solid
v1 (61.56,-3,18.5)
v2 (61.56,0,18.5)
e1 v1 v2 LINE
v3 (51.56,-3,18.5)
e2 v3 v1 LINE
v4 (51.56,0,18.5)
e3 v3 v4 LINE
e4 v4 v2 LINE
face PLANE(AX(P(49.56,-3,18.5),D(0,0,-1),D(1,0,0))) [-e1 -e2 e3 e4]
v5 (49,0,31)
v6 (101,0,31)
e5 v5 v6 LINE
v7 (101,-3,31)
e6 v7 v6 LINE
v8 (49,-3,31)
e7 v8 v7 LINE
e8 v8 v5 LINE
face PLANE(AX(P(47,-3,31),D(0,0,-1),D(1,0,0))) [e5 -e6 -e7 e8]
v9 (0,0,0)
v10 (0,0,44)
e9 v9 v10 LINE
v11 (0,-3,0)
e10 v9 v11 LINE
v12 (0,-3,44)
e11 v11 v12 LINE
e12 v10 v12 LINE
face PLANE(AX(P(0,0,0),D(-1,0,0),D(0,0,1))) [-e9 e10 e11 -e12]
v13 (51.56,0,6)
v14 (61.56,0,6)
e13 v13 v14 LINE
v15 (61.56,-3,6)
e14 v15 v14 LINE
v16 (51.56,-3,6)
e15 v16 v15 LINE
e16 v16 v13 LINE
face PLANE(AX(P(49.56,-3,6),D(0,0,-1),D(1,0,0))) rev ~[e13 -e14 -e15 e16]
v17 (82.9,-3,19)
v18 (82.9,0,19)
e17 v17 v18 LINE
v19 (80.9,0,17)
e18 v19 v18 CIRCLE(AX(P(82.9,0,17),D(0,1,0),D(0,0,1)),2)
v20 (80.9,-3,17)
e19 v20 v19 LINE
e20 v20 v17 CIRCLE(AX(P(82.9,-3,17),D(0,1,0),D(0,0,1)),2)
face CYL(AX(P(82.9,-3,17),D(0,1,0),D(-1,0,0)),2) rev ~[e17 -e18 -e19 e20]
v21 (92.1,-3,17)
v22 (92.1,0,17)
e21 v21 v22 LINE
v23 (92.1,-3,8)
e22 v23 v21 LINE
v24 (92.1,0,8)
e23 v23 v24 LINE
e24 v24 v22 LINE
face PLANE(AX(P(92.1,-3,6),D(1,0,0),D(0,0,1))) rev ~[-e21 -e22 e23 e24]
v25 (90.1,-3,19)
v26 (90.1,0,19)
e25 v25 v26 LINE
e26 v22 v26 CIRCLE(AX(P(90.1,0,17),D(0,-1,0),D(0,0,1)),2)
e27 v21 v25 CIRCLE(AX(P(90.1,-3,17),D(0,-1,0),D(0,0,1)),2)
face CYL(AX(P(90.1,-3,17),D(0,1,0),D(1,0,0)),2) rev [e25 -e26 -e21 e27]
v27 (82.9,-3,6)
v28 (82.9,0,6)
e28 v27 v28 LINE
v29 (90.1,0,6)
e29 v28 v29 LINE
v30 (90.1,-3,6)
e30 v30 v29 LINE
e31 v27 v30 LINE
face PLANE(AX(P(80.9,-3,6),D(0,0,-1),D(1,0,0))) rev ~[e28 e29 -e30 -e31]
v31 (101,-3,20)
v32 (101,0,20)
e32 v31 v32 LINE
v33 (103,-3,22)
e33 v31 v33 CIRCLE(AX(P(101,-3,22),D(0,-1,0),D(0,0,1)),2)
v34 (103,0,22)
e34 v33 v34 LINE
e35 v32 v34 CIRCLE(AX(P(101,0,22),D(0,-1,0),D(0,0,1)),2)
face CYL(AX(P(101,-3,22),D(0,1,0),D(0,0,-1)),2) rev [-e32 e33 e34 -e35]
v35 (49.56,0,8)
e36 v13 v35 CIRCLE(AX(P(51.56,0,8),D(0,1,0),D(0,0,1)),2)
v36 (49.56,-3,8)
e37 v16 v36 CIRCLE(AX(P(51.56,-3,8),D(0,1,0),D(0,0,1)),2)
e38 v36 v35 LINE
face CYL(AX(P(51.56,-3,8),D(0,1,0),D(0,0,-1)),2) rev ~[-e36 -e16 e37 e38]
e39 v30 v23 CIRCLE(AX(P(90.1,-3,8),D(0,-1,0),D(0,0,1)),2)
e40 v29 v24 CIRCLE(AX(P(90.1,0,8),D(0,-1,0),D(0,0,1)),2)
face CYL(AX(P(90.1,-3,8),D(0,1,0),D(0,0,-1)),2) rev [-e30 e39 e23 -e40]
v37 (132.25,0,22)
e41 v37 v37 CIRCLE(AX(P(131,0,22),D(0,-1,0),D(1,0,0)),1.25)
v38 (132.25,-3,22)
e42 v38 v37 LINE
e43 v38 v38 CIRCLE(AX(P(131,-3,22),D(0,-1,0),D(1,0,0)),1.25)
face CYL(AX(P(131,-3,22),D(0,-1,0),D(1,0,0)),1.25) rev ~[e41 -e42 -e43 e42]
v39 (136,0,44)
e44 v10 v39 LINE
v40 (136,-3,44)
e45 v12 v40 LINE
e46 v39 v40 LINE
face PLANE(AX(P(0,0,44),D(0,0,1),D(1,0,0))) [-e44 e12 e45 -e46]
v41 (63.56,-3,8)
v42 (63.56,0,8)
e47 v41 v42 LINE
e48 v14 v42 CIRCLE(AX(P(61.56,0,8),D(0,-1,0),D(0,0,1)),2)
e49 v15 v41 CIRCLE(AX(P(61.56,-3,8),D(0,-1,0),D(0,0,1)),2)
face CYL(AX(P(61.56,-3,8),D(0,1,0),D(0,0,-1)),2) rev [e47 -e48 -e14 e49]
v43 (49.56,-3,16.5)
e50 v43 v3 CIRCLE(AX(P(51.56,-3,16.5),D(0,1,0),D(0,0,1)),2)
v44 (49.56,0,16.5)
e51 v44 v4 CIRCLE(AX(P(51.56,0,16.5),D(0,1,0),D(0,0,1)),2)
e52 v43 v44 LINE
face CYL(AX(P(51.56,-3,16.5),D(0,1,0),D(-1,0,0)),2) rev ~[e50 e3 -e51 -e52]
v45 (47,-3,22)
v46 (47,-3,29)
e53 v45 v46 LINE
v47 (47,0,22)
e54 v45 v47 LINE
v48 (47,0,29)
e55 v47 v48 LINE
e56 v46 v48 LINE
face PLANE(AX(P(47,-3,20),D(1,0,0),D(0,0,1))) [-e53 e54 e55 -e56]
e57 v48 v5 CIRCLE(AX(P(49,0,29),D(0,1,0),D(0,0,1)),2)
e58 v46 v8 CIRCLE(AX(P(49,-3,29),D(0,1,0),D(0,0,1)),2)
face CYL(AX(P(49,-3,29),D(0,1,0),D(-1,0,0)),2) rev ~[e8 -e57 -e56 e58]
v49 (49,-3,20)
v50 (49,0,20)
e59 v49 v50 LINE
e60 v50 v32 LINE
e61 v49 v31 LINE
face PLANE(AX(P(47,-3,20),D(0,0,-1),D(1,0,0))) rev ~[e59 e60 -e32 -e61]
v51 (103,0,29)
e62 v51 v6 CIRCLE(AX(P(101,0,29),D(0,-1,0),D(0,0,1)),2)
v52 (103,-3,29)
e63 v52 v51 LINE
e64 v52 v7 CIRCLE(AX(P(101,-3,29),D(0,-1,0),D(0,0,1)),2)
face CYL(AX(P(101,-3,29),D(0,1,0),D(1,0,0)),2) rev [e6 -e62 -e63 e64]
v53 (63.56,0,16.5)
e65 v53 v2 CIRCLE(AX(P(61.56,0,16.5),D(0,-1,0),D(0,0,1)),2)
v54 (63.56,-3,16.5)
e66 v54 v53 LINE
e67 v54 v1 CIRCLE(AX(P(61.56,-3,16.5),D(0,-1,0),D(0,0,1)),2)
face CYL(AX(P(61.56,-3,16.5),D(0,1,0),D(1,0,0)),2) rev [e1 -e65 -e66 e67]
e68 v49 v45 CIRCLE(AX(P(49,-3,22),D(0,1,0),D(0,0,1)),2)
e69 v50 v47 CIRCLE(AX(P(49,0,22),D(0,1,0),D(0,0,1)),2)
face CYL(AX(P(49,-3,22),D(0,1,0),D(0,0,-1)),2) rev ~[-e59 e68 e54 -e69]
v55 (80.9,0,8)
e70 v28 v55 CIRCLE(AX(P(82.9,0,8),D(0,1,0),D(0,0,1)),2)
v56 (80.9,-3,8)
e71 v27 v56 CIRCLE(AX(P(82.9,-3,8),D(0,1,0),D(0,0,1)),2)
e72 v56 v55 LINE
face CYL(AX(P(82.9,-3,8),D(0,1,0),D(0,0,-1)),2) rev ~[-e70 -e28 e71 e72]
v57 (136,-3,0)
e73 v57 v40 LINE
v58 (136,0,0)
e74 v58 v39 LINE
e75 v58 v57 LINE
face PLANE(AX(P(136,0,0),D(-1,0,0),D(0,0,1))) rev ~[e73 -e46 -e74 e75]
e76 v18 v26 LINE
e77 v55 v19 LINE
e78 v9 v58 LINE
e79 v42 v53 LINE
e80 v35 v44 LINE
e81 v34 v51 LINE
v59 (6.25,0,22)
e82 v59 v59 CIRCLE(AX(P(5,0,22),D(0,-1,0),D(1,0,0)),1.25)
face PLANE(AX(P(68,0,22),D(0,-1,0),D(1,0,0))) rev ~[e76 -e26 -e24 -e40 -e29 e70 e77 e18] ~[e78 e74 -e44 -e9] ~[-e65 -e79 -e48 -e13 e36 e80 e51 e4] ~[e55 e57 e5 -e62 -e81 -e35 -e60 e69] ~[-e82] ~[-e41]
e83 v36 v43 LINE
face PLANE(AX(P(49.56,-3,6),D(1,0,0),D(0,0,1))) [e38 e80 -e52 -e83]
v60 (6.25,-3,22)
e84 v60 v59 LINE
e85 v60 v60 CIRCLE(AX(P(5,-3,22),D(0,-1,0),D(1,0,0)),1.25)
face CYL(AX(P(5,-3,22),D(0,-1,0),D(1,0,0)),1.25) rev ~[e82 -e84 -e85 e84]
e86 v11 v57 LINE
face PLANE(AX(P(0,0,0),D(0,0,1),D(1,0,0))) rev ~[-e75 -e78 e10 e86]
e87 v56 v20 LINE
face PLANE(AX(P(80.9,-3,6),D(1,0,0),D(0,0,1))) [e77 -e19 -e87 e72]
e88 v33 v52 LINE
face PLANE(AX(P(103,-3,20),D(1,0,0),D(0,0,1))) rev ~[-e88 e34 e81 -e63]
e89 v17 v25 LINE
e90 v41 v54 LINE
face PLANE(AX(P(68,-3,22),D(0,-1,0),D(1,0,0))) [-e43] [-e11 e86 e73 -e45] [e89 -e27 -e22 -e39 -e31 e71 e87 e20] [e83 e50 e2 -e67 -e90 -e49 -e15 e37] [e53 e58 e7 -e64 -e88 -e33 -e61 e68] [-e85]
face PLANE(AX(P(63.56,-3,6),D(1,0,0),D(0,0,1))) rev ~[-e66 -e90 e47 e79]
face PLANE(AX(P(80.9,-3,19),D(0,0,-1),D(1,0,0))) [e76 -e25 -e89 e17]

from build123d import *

# Parameters (mm, degrees)
SKETCH_W        = 136
SKETCH_H        = 44
PAD_DEPTH       = 3
SKETCH001_W     = 14
SKETCH001_H     = 12.5
SKETCH001_W_2   = 56
SKETCH001_H_2   = 11
SKETCH001_W_3   = 11.2
SKETCH001_H_3   = 13
POCKET_DEPTH    = 3.001
SKETCH002_R     = 1.25
POCKET001_DEPTH = 3.001
FILLET_R        = 2


with BuildPart() as part:
    # Sketch → Pad (new body)
    with BuildSketch(Plane.XZ):
        with Locations((68, 22)):
            Rectangle(SKETCH_W, SKETCH_H)
    extrude(amount=PAD_DEPTH)

    # Sketch001 (on Face6 of Pad) → Pocket (cut, through all)
    with BuildSketch(Plane.XZ.offset(3)):
        with Locations((56.56, 12.25)):
            Rectangle(SKETCH001_W, SKETCH001_H)
        with Locations((75, 25.5)):
            Rectangle(SKETCH001_W_2, SKETCH001_H_2)
        with Locations((86.5, 12.5)):
            Rectangle(SKETCH001_W_3, SKETCH001_H_3)
    extrude(amount=-POCKET_DEPTH, mode=Mode.SUBTRACT)

    # Sketch002 (on Face5 of Pocket) → Pocket001 (cut, through all)
    with BuildSketch(Plane.XZ.offset(3)):
        with Locations((5, 22)):
            Circle(SKETCH002_R)
        with Locations((131, 22)):
            Circle(SKETCH002_R)
    extrude(amount=-POCKET001_DEPTH, mode=Mode.SUBTRACT)

    # Fillet
    fillet_edges = [part.edges().sort_by_distance(p)[0] for p in [
        (47, -1.5, 31),
        (47, -1.5, 20),
        (103, -1.5, 20),
        (103, -1.5, 31),
        (92.1, -1.5, 19),
        (80.9, -1.5, 19),
        (80.9, -1.5, 6),
        (92.1, -1.5, 6),
        (63.56, -1.5, 6),
        (49.56, -1.5, 6),
        (49.56, -1.5, 18.5),
        (63.56, -1.5, 18.5),
    ]]
    fillet(fillet_edges, radius=FILLET_R)


solid = part.part
